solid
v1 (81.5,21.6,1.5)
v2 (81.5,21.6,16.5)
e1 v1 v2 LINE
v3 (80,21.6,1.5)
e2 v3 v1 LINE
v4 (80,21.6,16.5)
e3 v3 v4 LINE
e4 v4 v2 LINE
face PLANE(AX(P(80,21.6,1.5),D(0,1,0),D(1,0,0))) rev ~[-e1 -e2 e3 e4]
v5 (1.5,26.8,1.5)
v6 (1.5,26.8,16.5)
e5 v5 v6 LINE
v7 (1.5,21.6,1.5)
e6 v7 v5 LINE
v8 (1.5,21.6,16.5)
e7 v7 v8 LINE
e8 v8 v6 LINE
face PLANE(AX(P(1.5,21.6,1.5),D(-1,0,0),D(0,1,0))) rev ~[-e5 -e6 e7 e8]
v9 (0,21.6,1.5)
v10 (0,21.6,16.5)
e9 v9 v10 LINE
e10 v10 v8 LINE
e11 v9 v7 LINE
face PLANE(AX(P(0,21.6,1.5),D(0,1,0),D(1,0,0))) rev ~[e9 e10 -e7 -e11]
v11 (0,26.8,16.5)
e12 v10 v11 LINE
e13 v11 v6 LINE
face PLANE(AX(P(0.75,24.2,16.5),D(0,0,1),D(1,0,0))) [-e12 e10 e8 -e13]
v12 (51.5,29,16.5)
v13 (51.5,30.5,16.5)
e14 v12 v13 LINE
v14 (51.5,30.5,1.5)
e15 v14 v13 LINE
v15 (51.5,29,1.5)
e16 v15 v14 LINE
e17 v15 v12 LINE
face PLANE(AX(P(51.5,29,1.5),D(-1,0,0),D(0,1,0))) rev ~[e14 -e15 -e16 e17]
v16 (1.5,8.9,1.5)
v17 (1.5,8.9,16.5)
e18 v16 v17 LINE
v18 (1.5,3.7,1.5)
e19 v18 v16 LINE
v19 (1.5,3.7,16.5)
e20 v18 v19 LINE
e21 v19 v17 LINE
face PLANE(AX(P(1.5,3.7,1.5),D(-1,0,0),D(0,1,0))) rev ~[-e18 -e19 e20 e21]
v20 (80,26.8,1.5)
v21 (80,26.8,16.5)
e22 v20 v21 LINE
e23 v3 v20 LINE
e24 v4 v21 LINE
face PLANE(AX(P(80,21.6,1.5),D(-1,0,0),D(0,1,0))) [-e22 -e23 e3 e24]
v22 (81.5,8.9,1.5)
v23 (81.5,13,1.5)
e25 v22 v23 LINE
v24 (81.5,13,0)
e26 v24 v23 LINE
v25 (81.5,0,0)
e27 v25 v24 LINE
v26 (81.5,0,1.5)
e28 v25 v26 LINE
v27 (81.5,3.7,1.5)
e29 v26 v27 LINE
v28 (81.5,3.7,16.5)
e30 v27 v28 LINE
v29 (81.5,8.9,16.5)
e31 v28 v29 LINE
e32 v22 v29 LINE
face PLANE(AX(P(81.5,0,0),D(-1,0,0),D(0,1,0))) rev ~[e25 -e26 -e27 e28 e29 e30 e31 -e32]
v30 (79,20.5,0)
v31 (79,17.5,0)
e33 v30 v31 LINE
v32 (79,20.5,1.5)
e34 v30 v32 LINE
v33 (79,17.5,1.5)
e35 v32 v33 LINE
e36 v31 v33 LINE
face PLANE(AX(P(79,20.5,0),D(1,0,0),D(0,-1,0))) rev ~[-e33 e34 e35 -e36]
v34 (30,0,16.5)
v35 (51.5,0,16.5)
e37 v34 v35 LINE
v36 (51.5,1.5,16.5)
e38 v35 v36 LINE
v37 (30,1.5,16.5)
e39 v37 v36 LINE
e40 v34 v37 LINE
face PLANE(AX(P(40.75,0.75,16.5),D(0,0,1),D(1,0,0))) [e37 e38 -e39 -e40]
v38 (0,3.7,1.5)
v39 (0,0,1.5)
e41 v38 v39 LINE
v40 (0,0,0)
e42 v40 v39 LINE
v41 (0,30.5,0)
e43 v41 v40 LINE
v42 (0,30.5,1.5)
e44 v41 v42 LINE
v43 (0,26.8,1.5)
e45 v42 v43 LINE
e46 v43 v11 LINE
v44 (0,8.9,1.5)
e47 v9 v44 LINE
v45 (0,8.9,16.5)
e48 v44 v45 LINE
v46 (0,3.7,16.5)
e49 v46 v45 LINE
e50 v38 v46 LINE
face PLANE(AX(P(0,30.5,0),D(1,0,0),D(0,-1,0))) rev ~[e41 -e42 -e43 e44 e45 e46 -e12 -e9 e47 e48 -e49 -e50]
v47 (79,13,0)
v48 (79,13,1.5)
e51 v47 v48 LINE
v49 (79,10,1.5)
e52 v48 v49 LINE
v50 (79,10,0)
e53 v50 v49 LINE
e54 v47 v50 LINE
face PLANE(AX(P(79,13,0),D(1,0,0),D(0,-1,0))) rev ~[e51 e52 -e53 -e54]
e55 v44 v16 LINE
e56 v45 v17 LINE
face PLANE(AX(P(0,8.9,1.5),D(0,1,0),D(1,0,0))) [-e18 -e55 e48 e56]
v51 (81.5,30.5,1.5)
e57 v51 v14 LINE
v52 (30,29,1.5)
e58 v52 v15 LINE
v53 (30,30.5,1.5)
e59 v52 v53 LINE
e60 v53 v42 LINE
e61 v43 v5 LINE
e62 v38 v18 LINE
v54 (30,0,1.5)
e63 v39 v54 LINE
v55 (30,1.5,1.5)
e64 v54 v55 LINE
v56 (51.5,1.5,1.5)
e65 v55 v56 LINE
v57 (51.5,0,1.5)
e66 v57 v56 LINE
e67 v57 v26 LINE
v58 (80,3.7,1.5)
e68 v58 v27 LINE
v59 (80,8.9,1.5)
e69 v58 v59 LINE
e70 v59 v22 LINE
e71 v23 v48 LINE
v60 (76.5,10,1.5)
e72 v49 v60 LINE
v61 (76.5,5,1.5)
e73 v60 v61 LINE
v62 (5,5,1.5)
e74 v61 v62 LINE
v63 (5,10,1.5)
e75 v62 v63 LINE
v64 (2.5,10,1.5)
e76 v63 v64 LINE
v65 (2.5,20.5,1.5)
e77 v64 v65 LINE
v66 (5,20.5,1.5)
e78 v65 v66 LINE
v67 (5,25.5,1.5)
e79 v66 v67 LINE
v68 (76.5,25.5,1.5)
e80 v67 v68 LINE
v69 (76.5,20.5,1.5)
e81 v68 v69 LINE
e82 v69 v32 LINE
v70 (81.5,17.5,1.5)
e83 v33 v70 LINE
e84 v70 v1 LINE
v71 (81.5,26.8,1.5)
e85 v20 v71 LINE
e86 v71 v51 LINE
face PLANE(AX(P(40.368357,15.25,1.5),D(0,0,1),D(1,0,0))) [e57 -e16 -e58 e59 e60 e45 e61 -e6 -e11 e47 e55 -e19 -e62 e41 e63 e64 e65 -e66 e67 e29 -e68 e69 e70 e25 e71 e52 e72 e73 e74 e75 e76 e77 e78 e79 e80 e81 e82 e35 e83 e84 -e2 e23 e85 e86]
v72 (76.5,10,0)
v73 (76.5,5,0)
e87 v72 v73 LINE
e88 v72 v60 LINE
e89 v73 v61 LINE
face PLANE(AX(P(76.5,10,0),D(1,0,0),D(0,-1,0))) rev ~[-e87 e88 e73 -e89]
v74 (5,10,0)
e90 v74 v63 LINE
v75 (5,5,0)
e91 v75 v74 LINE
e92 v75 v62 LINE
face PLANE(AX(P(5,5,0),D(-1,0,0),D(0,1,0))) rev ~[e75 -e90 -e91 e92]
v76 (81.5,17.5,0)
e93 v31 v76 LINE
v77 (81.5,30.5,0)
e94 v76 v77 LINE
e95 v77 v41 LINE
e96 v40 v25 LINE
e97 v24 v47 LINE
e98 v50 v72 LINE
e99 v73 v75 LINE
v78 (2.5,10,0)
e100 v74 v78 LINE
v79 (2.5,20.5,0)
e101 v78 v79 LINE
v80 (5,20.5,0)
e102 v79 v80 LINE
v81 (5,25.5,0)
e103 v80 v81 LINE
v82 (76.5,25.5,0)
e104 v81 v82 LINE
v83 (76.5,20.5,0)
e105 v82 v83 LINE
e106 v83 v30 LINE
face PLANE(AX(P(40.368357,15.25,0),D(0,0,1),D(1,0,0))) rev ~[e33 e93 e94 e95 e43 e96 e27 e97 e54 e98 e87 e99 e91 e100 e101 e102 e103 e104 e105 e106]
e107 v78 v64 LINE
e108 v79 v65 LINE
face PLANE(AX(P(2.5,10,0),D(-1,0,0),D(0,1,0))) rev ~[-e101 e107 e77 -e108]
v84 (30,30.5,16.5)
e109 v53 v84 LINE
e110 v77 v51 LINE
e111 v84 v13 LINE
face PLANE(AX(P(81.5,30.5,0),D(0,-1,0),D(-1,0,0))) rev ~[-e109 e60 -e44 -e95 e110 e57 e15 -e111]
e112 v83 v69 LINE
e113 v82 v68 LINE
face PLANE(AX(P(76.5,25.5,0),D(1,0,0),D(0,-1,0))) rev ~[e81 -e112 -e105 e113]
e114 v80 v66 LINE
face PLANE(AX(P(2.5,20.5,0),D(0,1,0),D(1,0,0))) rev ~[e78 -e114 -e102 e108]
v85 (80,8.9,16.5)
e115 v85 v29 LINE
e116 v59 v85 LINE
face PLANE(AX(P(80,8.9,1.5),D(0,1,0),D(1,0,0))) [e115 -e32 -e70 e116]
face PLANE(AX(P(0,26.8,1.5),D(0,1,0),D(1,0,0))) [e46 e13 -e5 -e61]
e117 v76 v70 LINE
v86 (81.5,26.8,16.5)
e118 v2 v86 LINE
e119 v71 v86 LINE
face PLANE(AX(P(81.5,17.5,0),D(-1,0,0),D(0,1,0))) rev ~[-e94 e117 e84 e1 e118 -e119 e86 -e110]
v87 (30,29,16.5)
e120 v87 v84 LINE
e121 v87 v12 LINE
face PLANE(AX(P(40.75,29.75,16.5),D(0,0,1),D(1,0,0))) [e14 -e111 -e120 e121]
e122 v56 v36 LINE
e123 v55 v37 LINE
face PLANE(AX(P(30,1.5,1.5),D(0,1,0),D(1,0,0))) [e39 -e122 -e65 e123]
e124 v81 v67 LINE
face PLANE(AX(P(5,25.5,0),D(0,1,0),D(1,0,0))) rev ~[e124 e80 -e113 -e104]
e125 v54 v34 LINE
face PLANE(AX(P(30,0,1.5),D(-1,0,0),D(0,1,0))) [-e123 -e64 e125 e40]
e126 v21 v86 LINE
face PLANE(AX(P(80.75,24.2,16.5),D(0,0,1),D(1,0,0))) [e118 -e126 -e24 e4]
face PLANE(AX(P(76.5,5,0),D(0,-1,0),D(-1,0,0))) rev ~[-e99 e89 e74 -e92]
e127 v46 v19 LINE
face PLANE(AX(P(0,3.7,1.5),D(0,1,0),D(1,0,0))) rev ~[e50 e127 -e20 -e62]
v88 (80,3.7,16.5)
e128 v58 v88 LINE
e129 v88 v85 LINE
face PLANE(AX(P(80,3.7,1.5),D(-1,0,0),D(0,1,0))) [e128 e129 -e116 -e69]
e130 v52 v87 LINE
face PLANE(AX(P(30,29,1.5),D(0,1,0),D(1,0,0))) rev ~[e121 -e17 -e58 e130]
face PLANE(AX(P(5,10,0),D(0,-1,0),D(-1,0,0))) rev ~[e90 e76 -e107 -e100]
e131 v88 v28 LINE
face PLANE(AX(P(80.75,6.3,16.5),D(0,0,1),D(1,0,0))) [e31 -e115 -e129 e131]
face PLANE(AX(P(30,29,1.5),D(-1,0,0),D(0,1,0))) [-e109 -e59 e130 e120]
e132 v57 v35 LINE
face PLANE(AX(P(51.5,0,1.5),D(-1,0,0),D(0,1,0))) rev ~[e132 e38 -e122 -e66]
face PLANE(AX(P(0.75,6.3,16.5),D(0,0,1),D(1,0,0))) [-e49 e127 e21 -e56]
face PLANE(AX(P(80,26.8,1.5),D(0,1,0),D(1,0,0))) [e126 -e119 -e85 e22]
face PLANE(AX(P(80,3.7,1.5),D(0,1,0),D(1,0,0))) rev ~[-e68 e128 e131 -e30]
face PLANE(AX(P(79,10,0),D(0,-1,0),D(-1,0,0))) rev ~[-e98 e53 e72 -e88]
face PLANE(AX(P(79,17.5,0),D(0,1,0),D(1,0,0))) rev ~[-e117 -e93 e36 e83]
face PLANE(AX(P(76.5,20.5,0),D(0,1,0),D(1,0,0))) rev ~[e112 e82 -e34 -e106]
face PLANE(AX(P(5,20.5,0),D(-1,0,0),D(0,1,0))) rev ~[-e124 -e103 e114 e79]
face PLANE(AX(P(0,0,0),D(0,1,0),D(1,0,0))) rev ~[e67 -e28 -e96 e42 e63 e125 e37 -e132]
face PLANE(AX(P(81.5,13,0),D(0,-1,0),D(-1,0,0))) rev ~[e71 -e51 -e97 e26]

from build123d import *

# Parameters (mm, degrees)
BOSS_EXTRUDE1_DEPTH = 1.5
SKETCH2_W           = 1.5
SKETCH2_H           = 5.2
SKETCH2_W_2         = 21.5
SKETCH2_H_2         = 1.5
BOSS_EXTRUDE2_DEPTH = 15


with BuildPart() as part:
    # Sketch1 → Boss-Extrude1 (new body)
    with BuildSketch(Plane.XY):
        Polygon((0, 0), (81.5, 0), (81.5, 13), (79, 13), (79, 10), (76.5, 10), (76.5, 5), (5, 5), (5, 10), (2.5, 10), (2.5, 20.5), (5, 20.5), (5, 25.5), (76.5, 25.5), (76.5, 20.5), (79, 20.5), (79, 17.5), (81.5, 17.5), (81.5, 30.5), (0, 30.5), align=None)
    extrude(amount=BOSS_EXTRUDE1_DEPTH)

    # Sketch2 → Boss-Extrude2 (add)
    with BuildSketch(Plane.XY.offset(1.5)):
        with Locations((0.75, 24.2)):
            Rectangle(SKETCH2_W, SKETCH2_H)
        with Locations((40.75, 0.75)):
            Rectangle(SKETCH2_W_2, SKETCH2_H_2)
        with Locations((80.75, 6.3)):
            Rectangle(SKETCH2_W, SKETCH2_H)
        with Locations((40.75, 29.75)):
            Rectangle(SKETCH2_W_2, SKETCH2_H_2)
        with Locations((80.75, 24.2)):
            Rectangle(SKETCH2_W, SKETCH2_H)
        with Locations((0.75, 6.3)):
            Rectangle(SKETCH2_W, SKETCH2_H)
    extrude(amount=BOSS_EXTRUDE2_DEPTH)


solid = part.part
